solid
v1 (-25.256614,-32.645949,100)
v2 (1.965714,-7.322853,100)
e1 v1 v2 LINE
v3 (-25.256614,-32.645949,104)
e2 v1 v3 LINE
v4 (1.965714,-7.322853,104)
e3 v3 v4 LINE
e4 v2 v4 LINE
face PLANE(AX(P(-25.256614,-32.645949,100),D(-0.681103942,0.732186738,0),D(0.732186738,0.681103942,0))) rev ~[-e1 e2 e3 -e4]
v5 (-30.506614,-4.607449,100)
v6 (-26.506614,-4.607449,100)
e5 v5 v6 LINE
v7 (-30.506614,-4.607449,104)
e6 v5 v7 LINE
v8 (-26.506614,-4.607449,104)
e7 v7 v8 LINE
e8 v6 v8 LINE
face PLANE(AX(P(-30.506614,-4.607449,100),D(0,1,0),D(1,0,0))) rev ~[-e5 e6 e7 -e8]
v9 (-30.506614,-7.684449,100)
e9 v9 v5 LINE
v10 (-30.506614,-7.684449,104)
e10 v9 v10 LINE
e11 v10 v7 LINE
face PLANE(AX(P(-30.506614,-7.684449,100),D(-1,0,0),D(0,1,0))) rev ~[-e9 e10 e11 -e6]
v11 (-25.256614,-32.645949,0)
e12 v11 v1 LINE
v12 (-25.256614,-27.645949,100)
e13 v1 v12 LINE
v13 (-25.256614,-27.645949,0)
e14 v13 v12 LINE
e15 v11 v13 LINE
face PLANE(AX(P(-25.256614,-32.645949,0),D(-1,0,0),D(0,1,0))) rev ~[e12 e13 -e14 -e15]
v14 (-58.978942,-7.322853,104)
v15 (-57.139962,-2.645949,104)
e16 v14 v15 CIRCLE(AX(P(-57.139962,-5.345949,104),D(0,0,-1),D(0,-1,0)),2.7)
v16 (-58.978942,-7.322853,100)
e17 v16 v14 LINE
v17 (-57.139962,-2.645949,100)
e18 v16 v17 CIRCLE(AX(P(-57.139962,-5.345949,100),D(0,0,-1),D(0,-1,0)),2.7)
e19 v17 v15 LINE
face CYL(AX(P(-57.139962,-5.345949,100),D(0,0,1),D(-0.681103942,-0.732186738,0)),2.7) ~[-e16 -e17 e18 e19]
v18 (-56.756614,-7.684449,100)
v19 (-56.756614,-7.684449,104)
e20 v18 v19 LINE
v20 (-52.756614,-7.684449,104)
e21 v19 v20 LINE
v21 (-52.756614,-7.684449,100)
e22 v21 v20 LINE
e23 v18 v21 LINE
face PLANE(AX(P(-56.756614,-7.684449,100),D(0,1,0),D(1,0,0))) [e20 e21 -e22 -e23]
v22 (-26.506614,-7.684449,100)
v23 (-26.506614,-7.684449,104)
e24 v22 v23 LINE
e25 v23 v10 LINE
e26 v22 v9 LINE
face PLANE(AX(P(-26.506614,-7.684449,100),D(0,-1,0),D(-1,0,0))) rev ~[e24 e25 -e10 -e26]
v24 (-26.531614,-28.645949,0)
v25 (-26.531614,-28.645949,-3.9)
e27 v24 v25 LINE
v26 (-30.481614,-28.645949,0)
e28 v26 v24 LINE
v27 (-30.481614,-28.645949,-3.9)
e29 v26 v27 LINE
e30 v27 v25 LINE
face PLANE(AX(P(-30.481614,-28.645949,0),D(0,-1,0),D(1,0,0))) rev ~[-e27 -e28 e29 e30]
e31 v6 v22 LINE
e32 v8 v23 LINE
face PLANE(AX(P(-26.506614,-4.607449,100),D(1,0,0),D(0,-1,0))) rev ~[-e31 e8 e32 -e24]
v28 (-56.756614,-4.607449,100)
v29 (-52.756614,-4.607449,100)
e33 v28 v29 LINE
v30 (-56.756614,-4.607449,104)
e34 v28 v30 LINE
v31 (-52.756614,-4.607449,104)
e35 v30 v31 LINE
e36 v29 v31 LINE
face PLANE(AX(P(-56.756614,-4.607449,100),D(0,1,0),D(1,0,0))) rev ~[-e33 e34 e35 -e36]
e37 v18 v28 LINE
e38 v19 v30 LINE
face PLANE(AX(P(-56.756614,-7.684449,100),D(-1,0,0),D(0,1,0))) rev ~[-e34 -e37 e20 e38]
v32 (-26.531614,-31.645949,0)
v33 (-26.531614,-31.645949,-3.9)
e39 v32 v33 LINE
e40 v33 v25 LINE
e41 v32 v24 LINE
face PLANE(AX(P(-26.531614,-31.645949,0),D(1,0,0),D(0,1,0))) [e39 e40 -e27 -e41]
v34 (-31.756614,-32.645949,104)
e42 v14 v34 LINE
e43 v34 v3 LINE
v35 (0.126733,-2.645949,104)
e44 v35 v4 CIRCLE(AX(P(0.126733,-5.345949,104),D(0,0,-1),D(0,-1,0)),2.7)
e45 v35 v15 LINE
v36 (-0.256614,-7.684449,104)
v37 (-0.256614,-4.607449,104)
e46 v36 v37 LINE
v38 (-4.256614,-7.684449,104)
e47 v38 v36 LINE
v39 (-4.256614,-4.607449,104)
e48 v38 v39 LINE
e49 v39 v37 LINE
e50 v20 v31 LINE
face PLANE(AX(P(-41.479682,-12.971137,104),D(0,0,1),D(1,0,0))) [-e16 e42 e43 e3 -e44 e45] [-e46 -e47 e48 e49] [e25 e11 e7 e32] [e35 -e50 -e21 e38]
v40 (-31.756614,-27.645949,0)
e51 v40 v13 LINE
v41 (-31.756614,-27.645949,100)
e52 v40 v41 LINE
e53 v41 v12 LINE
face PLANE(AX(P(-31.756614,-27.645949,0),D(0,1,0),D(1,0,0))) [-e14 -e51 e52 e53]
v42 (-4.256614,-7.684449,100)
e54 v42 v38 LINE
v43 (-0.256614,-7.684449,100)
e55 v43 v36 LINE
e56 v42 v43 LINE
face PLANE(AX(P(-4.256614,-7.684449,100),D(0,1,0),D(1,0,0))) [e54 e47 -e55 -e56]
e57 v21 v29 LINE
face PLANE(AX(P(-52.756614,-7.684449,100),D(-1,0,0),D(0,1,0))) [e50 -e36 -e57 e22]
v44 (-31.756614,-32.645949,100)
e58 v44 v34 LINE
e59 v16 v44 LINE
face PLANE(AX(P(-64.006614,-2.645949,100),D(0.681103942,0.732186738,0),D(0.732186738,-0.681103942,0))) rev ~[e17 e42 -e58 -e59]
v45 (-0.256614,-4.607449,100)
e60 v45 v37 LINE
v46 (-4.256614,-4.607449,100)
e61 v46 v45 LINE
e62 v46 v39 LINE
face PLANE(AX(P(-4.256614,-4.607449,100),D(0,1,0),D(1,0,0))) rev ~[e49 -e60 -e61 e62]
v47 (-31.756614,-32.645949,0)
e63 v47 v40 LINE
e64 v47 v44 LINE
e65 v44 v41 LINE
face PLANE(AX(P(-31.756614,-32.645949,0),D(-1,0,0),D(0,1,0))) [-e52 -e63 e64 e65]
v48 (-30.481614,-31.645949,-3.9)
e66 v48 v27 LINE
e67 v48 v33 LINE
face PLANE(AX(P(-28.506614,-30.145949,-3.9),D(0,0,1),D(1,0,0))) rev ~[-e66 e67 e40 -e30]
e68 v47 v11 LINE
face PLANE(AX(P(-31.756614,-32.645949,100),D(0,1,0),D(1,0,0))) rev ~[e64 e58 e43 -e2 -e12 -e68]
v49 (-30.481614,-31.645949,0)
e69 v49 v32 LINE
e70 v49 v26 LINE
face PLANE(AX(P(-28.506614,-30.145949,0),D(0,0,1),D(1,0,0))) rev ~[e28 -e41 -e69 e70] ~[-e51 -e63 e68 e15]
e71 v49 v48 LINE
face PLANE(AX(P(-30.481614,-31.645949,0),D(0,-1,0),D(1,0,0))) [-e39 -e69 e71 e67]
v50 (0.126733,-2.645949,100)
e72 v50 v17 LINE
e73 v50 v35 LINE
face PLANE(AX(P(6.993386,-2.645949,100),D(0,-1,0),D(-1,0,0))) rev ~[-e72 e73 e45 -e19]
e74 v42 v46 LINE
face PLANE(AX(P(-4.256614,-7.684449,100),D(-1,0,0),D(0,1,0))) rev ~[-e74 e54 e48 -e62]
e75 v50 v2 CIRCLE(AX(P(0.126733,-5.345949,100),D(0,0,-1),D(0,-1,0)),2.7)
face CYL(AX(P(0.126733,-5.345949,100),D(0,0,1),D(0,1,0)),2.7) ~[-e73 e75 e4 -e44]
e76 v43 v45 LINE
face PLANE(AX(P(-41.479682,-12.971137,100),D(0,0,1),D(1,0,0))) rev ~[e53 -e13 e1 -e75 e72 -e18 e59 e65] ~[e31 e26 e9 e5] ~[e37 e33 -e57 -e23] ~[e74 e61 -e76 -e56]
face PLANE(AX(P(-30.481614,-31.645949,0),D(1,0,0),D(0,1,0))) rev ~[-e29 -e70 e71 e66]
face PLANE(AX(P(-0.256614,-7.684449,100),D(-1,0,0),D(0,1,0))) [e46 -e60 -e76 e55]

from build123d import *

# Parameters (mm, degrees)
F0_W     = 3.95
F0_H     = 3
F1_DEPTH = 3.9
F0_W_2   = 6.5
F0_H_2   = 5
F2_DEPTH = 100
F3_W     = 4
F3_H     = 3.077
F3_W_2   = 3.25
F3_H_2   = 5
F4_DEPTH = 4
F5_R     = 2.7


with BuildPart() as f1:
    # F0 (on Top) → F1 (new body)
    with BuildSketch(Plane.XY):
        with Locations((-28.5066142678, -30.1459487528)):
            Rectangle(F0_W, F0_H)
    extrude(amount=-F1_DEPTH)

    # F0 (on Top) → F2 (join)
    with BuildSketch(Plane.XY):
        with Locations((-28.5066142678, -30.1459487528)):
            Rectangle(F0_W_2, F0_H_2)
        with Locations((-28.5066142678, -30.1459487528)):
            Rectangle(F0_W, F0_H, mode=Mode.SUBTRACT)
        with Locations((-28.5066142678, -30.1459487528)):
            Rectangle(F0_W, F0_H)
    extrude(amount=F2_DEPTH)

    # F3 (on face) → F4 (join)
    with BuildSketch(Plane.XY.offset(100)):
        Polygon((-64.0066142678, -2.6459487528), (-31.7566142678, -32.6459487528), (-31.7566142678, -27.6459487528), (-28.5066142678, -27.6459487528), (-28.5066142678, -7.6844487528), (-30.5066142678, -7.6844487528), (-30.5066142678, -4.6074487528), (-28.5066142678, -4.6074487528), (-28.5066142678, -2.6459487528), align=None)
        with Locations((-54.7566142678, -6.1459487528)):
            Rectangle(F3_W, F3_H, mode=Mode.SUBTRACT)
        Polygon((6.9933857322, -2.6459487528), (-28.5066142678, -2.6459487528), (-28.5066142678, -4.6074487528), (-26.5066142678, -4.6074487528), (-26.5066142678, -7.6844487528), (-28.5066142678, -7.6844487528), (-28.5066142678, -27.6459487528), (-25.2566142678, -27.6459487528), (-25.2566142678, -32.6459487528), align=None)
        with Locations((-2.2566142678, -6.1459487528)):
            Rectangle(F3_W, F3_H, mode=Mode.SUBTRACT)
        with Locations((-26.8816142678, -30.1459487528)):
            Rectangle(F3_W_2, F3_H_2)
        with Locations((-30.1316142678, -30.1459487528)):
            Rectangle(F3_W_2, F3_H_2)
    extrude(amount=F4_DEPTH)

    # F5
    f5_edges = [f1.edges().sort_by_distance(p)[0] for p in [
        (-64.006614, -2.645949, 102),
        (6.993386, -2.645949, 102),
    ]]
    fillet(f5_edges, radius=F5_R)


solid = f1.part
